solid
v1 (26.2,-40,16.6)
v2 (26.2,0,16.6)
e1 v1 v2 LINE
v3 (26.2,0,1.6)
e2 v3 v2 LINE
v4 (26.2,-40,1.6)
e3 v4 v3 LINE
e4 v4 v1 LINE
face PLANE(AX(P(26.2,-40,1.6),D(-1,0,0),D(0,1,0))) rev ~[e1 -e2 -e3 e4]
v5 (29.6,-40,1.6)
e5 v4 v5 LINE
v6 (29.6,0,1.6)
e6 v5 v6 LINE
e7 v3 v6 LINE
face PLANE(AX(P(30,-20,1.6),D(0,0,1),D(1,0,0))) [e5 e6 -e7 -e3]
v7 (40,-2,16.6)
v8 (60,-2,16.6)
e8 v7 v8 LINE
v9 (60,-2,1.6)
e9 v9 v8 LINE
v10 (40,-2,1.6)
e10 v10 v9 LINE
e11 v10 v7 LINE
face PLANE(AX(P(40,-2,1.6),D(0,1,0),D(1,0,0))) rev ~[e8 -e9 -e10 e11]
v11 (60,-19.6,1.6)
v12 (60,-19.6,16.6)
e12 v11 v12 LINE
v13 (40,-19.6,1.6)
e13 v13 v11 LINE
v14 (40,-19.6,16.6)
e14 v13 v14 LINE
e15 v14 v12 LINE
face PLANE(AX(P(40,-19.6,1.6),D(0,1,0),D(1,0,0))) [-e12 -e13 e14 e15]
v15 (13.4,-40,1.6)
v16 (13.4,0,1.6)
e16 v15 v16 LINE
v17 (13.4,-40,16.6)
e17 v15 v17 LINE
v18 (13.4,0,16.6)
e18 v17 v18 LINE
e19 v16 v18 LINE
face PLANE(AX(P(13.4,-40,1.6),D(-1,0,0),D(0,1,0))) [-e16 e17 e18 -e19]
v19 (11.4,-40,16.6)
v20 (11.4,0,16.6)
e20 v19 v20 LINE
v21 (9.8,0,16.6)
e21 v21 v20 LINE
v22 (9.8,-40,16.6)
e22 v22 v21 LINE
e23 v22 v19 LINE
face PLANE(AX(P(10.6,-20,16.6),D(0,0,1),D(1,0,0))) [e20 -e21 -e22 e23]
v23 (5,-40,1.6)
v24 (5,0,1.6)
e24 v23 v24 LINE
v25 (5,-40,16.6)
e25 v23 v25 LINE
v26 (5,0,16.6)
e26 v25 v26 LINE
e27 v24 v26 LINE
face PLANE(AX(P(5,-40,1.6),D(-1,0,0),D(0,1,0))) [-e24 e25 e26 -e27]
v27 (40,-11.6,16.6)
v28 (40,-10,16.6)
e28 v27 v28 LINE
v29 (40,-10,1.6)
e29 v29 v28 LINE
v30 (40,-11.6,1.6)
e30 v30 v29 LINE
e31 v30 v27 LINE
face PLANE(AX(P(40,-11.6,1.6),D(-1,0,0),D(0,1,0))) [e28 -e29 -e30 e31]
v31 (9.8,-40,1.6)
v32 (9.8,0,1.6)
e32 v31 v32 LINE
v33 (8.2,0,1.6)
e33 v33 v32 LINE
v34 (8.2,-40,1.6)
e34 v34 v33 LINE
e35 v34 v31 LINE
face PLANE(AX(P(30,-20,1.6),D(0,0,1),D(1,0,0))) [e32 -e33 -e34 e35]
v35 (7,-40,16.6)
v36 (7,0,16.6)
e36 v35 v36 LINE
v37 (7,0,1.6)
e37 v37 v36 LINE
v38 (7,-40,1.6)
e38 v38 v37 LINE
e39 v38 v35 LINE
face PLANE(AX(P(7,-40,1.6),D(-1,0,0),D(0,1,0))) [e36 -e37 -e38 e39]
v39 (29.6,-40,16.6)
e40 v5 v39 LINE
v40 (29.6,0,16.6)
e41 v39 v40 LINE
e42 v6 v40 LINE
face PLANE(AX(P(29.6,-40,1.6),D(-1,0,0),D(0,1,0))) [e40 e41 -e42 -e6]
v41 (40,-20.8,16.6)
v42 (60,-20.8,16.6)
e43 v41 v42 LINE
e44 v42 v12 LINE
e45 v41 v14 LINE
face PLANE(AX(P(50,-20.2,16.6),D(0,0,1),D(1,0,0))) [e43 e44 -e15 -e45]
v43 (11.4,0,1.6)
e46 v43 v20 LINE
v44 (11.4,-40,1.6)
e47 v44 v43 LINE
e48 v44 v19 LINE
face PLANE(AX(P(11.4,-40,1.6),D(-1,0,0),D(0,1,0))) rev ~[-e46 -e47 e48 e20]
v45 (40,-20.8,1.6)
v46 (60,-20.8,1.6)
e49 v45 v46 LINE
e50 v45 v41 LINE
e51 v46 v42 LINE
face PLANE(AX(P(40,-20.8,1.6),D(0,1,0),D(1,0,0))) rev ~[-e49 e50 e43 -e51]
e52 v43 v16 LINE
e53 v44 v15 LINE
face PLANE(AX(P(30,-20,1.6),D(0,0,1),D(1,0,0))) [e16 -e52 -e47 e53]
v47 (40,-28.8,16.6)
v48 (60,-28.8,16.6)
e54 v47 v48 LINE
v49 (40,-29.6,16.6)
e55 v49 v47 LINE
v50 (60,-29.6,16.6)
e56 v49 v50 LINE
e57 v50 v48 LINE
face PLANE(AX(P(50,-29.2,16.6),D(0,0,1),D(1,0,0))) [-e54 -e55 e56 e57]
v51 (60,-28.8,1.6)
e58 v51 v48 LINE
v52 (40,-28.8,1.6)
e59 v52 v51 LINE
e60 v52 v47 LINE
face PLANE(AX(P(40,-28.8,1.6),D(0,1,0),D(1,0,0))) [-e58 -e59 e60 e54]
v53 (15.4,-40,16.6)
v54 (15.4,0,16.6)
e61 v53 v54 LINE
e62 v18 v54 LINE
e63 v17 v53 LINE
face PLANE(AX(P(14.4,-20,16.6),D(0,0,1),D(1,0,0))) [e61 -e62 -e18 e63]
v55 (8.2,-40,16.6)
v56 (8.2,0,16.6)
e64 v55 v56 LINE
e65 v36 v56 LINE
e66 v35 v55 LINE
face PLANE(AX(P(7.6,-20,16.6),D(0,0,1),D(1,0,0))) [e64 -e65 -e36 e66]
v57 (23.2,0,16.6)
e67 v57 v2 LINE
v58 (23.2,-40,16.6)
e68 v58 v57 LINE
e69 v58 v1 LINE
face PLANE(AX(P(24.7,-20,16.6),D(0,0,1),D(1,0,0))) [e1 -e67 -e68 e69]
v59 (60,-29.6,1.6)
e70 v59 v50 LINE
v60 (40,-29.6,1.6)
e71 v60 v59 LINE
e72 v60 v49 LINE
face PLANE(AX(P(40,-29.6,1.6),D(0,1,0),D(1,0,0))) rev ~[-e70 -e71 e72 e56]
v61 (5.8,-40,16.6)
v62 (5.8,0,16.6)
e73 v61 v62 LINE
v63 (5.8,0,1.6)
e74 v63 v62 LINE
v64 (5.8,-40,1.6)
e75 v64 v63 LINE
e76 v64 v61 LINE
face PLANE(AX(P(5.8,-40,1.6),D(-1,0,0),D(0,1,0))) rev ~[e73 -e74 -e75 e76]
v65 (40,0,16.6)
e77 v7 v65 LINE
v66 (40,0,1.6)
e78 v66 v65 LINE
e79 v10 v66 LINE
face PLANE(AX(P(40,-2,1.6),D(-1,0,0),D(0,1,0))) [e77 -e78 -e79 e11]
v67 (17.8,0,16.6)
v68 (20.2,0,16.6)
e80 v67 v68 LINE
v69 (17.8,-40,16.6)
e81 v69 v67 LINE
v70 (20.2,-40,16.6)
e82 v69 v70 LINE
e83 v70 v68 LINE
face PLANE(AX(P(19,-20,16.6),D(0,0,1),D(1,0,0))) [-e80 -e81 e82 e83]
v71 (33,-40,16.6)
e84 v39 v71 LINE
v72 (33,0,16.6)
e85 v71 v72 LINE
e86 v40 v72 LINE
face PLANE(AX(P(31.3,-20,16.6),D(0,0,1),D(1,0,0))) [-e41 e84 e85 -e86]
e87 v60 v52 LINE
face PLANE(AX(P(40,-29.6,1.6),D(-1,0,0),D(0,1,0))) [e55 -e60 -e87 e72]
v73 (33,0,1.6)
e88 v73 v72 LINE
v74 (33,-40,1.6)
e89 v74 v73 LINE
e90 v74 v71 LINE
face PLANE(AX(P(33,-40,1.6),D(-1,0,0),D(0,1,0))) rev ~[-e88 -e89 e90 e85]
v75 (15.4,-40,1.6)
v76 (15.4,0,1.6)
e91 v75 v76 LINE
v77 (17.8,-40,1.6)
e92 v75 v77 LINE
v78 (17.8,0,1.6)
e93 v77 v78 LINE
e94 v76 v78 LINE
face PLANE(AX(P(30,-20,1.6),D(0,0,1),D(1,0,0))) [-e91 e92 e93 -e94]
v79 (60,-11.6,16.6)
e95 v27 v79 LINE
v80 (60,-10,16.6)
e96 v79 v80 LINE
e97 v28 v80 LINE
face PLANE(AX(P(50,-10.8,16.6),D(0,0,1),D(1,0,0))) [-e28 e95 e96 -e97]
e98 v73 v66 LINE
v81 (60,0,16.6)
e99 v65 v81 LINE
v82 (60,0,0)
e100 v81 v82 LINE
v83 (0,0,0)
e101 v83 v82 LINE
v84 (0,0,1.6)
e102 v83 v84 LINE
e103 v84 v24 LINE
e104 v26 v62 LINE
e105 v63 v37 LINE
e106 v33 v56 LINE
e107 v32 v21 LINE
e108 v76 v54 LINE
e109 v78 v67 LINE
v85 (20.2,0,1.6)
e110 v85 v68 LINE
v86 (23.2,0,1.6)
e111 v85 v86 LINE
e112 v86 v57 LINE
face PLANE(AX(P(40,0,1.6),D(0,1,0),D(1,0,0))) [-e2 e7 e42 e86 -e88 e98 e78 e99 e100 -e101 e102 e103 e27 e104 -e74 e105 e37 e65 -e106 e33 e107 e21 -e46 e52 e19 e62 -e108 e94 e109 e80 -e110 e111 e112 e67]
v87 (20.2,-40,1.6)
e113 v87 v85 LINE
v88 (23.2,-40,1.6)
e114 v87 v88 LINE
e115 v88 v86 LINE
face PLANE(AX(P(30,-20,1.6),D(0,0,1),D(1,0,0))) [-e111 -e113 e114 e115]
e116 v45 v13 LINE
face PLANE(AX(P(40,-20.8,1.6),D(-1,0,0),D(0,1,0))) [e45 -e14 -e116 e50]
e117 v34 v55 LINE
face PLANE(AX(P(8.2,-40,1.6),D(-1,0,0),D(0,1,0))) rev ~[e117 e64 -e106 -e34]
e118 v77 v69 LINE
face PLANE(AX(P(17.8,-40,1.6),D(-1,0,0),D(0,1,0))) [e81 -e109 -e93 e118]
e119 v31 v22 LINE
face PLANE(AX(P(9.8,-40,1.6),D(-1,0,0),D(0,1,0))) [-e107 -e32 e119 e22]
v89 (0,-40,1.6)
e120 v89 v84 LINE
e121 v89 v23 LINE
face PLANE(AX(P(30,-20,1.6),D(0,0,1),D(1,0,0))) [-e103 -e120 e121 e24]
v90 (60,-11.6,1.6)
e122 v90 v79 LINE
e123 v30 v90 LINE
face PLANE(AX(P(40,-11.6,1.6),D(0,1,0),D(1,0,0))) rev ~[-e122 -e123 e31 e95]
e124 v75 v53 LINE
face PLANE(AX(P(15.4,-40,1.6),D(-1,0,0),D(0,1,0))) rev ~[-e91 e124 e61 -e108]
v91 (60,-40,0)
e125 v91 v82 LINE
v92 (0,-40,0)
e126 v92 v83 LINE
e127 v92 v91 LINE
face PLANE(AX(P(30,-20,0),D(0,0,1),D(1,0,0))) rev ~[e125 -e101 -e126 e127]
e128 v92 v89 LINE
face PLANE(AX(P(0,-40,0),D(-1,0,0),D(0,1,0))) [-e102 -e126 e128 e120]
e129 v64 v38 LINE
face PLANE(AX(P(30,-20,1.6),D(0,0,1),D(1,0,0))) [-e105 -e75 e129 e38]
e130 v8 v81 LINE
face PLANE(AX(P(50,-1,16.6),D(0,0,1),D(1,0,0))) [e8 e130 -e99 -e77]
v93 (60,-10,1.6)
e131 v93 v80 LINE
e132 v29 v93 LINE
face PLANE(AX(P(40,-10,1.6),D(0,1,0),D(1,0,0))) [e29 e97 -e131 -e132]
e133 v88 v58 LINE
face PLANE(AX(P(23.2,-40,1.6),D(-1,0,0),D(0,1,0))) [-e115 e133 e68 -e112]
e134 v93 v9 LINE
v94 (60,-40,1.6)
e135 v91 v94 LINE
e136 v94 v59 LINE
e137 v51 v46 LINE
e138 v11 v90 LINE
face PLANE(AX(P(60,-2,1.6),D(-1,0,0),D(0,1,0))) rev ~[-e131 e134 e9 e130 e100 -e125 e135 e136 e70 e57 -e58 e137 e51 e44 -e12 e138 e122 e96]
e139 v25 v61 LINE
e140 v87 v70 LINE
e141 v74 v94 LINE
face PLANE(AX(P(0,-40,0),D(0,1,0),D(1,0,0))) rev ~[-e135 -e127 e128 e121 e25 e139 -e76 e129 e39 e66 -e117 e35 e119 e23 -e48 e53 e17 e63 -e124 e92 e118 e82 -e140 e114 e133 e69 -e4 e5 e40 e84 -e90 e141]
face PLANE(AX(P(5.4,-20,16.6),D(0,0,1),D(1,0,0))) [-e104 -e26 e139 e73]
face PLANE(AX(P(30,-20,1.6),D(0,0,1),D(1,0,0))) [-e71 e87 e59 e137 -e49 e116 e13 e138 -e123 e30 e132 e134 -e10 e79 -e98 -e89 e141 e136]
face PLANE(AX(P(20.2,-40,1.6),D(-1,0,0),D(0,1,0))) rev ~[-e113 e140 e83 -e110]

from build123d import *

# Parameters (mm, degrees)
F0_W     = 60
F0_H     = 40
F1_DEPTH = 1.6
F2_W     = 0.8
F2_H     = 40
F2_W_2   = 1.2
F2_W_3   = 1.6
F2_W_4   = 2
F2_W_5   = 2.4
F2_W_6   = 3
F2_W_7   = 3.4
F2_W_8   = 20
F2_H_2   = 0.8
F2_H_3   = 1.2
F2_H_4   = 1.6
F2_H_5   = 2
F3_DEPTH = 15


with BuildPart() as f1:
    # F0 (on Top) → F1 (new body)
    with BuildSketch(Plane.XY):
        with Locations((30, -20)):
            Rectangle(F0_W, F0_H)
    extrude(amount=F1_DEPTH)

    # F2 (on face) → F3 (join)
    with BuildSketch(Plane.XY.offset(1.6)):
        with Locations((5.4, -20)):
            Rectangle(F2_W, F2_H)
        with Locations((7.6, -20)):
            Rectangle(F2_W_2, F2_H)
        with Locations((10.6, -20)):
            Rectangle(F2_W_3, F2_H)
        with Locations((14.4, -20)):
            Rectangle(F2_W_4, F2_H)
        with Locations((19, -20)):
            Rectangle(F2_W_5, F2_H)
        with Locations((24.7, -20)):
            Rectangle(F2_W_6, F2_H)
        with Locations((31.3, -20)):
            Rectangle(F2_W_7, F2_H)
        with Locations((50, -29.2)):
            Rectangle(F2_W_8, F2_H_2)
        with Locations((50, -20.2)):
            Rectangle(F2_W_8, F2_H_3)
        with Locations((50, -10.8)):
            Rectangle(F2_W_8, F2_H_4)
        with Locations((50, -1)):
            Rectangle(F2_W_8, F2_H_5)
    extrude(amount=F3_DEPTH)


solid = f1.part
